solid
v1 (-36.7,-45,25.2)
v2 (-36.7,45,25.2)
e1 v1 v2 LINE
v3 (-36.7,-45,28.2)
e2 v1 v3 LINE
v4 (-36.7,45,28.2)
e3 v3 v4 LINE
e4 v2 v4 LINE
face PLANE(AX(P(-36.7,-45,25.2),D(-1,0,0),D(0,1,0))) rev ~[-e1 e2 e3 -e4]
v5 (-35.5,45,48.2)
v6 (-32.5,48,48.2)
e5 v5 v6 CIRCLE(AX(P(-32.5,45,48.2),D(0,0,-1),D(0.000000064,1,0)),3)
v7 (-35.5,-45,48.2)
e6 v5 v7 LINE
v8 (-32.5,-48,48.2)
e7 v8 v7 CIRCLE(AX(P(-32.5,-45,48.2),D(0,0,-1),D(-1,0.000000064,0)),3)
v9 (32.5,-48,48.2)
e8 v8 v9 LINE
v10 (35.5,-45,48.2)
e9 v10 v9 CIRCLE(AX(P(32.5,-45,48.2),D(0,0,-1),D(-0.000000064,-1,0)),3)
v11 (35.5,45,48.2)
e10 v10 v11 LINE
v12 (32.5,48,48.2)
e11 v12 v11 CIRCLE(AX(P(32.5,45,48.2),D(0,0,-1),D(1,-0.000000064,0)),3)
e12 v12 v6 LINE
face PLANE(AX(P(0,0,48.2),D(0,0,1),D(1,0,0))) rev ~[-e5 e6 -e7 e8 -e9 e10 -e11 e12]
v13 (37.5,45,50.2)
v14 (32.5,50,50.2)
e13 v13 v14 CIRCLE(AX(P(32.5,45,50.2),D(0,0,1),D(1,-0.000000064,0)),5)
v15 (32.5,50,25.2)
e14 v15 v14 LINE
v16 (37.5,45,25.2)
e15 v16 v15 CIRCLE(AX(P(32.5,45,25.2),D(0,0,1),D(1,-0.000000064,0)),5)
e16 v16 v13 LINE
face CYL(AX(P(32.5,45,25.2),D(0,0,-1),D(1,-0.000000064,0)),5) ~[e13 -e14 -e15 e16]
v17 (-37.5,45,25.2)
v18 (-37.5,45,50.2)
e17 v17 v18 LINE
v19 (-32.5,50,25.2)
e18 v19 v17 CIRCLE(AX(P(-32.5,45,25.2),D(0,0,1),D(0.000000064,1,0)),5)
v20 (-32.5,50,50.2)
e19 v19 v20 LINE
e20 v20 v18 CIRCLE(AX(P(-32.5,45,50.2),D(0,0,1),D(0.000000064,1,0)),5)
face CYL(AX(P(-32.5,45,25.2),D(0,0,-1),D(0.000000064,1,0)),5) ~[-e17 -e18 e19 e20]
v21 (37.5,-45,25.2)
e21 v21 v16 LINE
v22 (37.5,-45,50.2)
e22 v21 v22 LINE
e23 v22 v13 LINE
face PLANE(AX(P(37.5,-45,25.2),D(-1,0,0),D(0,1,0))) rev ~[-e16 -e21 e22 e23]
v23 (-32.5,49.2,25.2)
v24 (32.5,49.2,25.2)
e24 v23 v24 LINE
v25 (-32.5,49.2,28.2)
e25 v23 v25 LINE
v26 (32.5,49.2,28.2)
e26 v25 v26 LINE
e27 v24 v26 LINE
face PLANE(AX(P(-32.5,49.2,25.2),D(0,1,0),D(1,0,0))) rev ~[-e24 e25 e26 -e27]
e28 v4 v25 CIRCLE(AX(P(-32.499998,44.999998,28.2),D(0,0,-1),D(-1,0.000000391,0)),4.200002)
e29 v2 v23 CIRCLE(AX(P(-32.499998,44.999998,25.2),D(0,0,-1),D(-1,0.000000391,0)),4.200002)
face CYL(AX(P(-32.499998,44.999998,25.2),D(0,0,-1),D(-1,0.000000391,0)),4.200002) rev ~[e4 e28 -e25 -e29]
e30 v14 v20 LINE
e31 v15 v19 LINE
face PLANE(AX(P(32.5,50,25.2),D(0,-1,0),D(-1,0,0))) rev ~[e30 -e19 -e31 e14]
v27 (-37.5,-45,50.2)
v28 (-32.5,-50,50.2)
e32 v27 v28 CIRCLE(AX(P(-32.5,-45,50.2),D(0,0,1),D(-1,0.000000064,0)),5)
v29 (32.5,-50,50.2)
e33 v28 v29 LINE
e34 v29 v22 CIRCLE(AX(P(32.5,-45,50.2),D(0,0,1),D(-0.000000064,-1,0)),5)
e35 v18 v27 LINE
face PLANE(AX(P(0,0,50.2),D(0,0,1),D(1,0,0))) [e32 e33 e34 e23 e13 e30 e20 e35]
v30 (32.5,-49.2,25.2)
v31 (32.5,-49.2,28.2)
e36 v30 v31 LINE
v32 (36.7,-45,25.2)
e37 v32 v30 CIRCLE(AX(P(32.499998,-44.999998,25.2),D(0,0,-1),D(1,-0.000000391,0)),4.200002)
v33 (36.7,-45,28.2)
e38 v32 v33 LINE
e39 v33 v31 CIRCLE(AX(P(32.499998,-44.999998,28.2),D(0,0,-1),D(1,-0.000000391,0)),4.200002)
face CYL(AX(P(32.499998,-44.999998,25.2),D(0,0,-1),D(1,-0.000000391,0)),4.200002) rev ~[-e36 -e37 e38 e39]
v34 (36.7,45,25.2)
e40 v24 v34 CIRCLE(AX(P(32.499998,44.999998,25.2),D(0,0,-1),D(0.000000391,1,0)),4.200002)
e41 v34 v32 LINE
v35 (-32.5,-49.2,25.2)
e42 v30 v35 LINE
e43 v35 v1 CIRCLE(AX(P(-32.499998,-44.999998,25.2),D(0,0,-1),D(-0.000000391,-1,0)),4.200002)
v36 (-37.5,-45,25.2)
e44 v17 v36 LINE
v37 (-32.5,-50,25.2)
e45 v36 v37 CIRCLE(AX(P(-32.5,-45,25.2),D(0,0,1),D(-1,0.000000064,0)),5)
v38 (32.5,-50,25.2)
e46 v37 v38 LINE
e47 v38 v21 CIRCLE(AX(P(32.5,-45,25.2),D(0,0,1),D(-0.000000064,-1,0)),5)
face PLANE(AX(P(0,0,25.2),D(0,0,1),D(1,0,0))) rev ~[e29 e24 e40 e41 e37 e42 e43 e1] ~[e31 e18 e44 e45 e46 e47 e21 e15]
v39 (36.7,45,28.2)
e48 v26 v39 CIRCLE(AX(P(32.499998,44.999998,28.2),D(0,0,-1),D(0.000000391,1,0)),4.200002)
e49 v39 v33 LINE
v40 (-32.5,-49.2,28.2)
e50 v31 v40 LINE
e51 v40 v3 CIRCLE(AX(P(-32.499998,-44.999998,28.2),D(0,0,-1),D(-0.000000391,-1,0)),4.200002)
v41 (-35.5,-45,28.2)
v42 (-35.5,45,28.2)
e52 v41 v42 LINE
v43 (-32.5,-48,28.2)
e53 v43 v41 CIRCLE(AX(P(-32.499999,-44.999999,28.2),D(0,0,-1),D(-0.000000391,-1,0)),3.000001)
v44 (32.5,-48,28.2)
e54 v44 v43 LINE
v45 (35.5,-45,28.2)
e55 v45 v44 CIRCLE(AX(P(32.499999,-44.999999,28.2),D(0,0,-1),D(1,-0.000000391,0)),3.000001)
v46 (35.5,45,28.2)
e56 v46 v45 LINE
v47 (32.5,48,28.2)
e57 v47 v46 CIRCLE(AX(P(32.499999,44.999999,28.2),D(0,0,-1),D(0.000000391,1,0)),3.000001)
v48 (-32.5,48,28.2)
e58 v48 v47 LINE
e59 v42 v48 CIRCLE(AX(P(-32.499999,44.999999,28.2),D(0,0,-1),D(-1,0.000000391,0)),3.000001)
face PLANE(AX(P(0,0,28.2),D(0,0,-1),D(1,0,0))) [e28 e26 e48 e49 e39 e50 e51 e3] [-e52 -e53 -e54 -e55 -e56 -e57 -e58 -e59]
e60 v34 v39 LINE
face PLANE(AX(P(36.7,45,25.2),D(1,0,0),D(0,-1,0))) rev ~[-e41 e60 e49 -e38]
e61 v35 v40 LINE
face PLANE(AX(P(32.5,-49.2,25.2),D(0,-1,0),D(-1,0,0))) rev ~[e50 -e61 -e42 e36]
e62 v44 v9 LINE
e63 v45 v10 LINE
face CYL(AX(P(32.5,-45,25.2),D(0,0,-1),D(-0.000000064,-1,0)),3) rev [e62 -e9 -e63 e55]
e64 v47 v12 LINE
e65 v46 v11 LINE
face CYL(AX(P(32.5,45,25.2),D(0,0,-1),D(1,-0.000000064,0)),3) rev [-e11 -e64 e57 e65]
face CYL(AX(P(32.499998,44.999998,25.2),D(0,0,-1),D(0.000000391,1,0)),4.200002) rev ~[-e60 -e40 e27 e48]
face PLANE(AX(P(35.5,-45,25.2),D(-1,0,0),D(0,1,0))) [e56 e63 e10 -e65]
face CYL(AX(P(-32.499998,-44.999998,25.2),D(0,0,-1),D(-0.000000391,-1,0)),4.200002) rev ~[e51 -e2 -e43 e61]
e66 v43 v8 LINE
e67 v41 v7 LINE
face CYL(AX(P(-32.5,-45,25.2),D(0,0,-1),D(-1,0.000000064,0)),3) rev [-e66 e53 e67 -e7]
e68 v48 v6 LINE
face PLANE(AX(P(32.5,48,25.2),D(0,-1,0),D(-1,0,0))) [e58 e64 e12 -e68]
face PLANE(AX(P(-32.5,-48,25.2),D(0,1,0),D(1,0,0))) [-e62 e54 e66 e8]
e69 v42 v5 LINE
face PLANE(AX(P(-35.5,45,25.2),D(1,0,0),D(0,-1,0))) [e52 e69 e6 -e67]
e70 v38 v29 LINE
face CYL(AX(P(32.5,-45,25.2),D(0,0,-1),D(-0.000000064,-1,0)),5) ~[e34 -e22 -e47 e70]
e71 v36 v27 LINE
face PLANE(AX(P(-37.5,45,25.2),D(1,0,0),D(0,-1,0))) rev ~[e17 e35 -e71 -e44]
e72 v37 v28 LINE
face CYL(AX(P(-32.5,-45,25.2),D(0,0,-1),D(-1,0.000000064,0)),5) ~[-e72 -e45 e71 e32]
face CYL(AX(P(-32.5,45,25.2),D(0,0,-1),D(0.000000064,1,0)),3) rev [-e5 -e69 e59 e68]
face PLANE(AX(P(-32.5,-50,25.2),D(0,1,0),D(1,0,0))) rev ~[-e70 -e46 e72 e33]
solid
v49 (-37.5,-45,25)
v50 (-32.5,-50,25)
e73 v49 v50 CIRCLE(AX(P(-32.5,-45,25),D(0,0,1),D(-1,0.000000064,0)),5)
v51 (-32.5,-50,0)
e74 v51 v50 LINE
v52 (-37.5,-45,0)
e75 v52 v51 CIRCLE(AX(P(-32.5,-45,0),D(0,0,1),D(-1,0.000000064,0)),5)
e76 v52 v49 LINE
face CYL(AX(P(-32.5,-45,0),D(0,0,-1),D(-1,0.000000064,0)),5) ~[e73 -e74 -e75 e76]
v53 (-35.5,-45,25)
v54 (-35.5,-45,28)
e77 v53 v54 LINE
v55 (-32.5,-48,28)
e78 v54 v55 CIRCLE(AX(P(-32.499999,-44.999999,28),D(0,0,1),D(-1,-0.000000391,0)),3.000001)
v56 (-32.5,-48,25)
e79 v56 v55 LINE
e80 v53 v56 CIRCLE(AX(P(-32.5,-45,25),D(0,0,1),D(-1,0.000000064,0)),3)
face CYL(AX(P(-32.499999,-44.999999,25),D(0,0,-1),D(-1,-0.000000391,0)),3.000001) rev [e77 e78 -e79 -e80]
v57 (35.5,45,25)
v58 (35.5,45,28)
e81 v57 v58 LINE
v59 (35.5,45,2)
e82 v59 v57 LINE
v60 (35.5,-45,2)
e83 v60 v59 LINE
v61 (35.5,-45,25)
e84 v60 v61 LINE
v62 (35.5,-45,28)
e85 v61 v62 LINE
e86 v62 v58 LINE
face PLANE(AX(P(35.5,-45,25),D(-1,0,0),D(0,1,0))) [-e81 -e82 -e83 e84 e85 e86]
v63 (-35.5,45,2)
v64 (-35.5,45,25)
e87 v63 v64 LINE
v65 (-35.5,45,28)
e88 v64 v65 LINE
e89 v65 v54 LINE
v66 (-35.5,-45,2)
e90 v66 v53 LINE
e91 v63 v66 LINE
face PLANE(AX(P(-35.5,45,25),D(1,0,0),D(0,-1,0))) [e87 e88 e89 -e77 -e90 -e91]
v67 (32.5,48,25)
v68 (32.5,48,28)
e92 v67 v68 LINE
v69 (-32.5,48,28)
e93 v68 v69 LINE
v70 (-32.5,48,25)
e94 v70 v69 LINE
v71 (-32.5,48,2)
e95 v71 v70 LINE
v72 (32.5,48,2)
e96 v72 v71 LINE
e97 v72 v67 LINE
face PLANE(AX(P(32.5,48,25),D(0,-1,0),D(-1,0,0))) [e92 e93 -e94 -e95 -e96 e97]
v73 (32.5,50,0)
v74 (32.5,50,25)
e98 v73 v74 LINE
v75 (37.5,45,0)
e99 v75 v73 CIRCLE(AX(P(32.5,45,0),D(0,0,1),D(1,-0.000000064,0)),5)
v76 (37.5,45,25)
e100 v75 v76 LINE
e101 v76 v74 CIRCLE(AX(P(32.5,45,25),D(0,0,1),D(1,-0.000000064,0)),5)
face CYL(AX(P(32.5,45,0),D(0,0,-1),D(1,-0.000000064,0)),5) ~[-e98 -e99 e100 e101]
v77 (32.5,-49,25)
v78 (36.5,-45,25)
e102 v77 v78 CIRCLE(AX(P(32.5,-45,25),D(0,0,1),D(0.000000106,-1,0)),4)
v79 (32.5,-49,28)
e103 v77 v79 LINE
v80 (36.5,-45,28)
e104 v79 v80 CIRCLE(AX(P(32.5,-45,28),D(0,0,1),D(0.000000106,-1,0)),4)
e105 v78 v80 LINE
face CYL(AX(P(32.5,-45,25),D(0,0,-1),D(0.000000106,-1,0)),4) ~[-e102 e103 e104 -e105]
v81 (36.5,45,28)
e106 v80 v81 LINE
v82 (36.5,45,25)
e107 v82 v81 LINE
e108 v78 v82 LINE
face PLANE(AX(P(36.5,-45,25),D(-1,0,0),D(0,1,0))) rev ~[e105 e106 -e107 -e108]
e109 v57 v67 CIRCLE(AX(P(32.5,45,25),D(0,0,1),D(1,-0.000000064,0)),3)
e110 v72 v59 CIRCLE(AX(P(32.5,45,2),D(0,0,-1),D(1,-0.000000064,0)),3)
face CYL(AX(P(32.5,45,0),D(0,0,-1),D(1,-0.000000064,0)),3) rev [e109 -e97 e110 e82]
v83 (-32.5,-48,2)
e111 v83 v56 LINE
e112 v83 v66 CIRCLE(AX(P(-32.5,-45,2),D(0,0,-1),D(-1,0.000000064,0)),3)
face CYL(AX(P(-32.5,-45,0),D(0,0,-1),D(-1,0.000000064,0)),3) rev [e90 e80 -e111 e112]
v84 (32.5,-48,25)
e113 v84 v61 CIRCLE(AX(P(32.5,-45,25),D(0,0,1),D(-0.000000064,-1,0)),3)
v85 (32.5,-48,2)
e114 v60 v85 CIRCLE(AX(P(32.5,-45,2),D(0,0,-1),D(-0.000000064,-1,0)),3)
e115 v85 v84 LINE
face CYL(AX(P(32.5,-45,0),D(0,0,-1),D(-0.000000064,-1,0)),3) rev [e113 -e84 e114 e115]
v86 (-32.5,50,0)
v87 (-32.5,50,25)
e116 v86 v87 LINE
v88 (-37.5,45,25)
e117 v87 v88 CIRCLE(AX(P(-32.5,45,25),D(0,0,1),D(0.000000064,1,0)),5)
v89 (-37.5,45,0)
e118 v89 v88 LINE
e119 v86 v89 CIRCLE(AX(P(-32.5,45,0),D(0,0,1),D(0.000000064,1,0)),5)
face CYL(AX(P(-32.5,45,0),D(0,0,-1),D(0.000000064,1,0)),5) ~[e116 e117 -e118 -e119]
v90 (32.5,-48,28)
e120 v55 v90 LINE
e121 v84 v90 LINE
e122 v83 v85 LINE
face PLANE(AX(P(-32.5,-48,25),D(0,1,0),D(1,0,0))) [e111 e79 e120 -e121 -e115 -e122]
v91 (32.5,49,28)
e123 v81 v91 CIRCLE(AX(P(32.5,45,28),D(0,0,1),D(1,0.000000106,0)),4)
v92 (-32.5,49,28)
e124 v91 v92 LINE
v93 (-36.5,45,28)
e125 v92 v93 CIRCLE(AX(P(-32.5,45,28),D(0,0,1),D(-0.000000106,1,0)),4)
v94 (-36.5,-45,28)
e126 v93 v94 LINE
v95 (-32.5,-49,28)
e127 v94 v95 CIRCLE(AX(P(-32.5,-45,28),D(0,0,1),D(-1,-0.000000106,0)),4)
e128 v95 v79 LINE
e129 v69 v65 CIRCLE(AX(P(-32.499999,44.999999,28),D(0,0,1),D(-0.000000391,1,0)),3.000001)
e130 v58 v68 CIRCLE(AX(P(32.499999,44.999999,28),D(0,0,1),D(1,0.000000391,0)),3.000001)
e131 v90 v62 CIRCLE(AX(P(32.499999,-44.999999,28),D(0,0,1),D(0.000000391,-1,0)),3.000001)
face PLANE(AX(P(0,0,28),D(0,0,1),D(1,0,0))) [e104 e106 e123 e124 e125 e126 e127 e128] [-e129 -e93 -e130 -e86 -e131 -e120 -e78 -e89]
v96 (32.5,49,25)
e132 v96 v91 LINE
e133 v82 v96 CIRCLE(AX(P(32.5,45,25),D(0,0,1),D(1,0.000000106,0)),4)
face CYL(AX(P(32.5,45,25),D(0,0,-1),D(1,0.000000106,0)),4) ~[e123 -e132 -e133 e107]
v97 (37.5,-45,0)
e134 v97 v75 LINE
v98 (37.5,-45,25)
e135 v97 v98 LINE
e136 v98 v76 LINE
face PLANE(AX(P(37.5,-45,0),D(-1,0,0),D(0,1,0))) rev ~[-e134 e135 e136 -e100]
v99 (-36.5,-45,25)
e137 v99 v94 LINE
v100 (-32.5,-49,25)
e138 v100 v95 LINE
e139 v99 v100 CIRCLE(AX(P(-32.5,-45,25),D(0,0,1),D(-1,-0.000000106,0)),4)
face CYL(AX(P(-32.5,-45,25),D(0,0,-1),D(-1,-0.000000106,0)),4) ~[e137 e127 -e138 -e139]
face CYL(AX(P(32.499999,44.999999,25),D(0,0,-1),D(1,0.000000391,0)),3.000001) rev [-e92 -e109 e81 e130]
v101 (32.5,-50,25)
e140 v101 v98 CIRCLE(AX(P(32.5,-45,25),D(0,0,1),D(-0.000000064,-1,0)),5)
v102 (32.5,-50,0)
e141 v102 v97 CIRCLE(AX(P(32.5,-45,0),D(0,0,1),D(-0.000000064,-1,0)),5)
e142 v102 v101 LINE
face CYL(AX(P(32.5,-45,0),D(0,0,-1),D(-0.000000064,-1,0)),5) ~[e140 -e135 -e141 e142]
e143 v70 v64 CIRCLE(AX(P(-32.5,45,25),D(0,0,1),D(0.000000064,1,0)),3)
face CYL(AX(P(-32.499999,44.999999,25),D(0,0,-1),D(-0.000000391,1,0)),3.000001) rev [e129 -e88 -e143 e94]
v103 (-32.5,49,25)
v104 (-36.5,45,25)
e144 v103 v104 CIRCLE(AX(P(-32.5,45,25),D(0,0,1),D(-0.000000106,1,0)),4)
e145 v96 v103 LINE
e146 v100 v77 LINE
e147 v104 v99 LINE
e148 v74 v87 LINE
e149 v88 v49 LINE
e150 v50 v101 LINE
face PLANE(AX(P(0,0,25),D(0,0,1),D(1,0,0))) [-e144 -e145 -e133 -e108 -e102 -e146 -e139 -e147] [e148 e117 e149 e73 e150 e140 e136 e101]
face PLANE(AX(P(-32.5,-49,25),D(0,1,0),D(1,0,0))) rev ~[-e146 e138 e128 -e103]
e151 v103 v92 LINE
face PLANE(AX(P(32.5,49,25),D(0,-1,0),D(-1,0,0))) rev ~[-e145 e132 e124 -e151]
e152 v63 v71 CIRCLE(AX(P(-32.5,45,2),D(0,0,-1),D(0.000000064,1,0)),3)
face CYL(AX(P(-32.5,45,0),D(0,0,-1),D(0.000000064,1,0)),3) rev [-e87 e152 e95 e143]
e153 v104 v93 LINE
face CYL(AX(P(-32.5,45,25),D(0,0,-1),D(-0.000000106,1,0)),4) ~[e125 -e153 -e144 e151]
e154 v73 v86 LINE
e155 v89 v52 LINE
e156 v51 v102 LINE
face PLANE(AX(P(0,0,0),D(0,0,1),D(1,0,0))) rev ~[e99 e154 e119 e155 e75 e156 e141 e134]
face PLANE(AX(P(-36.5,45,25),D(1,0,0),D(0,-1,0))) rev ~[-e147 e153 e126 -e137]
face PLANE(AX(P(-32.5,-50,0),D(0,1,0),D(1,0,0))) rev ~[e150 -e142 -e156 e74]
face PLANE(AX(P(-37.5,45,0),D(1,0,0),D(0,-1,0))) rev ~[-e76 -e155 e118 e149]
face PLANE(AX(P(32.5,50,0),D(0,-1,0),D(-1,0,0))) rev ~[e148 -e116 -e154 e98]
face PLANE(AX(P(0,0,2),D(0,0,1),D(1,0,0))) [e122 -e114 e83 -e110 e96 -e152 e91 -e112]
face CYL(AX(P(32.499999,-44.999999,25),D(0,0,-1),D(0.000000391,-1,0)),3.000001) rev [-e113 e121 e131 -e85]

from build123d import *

# Parameters (mm, degrees)
PAD_DEPTH      = 25
THICKNESS_T    = -2
PAD001_DEPTH   = 3
PAD002_DEPTH   = 25
THICKNESS001_T = -2
POCKET_DEPTH   = 3


with BuildPart() as base:
    # Sketch → Pad (new body)
    with BuildSketch(Plane.XY):
        with BuildLine():
            Line((37.5, -45), (37.5, 45))
            ThreePointArc((37.5, 45), (36.035534, 48.535534), (32.5, 50))
            Line((32.5, 50), (-32.5, 50))
            ThreePointArc((-32.5, 50), (-36.035534, 48.535534), (-37.5, 45))
            Line((-37.5, 45), (-37.5, -45))
            ThreePointArc((-37.5, -45), (-36.035534, -48.535534), (-32.5, -50))
            Line((-32.5, -50), (32.5, -50))
            ThreePointArc((32.5, -50), (36.035534, -48.535534), (37.5, -45))
        make_face()
    extrude(amount=PAD_DEPTH)

    # Thickness
    thickness_openings = [base.faces().sort_by_distance(p)[0] for p in [
        (0, 0, 25),
    ]]
    offset(amount=THICKNESS_T, openings=thickness_openings)

    # Sketch002 (on Face10 of Thickness) → Pad001 (join)
    with BuildSketch(Plane.XY.offset(25)):
        with BuildLine():
            Line((36.5, -45), (36.5, 45))
            ThreePointArc((36.5, 45), (35.328427, 47.828427), (32.5, 49))
            Line((32.5, 49), (-32.5, 49))
            ThreePointArc((-32.5, 49), (-35.328427, 47.828427), (-36.5, 45))
            Line((-36.5, 45), (-36.5, -45))
            ThreePointArc((-36.5, -45), (-35.328427, -47.828427), (-32.5, -49))
            Line((-32.5, -49), (32.5, -49))
            ThreePointArc((32.5, -49), (35.328427, -47.828427), (36.5, -45))
        make_face()
        with BuildLine():
            Line((35.5, -45), (35.5, 45))
            ThreePointArc((35.5, 45), (34.62132, 47.12132), (32.5, 48))
            Line((32.5, 48), (-32.5, 48))
            ThreePointArc((-32.5, 48), (-34.62132, 47.12132), (-35.5, 45))
            Line((-35.5, 45), (-35.5, -45))
            ThreePointArc((-35.5, -45), (-34.62132, -47.12132), (-32.5, -48))
            Line((-32.5, -48), (32.5, -48))
            ThreePointArc((32.5, -48), (34.62132, -47.12132), (35.5, -45))
        make_face(mode=Mode.SUBTRACT)
    extrude(amount=PAD001_DEPTH)


with BuildPart() as lid:
    # Sketch003 → Pad002 (new body)
    with BuildSketch(Plane.XY.offset(25.2)):
        with BuildLine():
            Line((37.5, -45), (37.5, 45))
            ThreePointArc((37.5, 45), (36.035534, 48.535534), (32.5, 50))
            Line((32.5, 50), (-32.5, 50))
            ThreePointArc((-32.5, 50), (-36.035534, 48.535534), (-37.5, 45))
            Line((-37.5, 45), (-37.5, -45))
            ThreePointArc((-37.5, -45), (-36.035534, -48.535534), (-32.5, -50))
            Line((-32.5, -50), (32.5, -50))
            ThreePointArc((32.5, -50), (36.035534, -48.535534), (37.5, -45))
        make_face()
    extrude(amount=PAD002_DEPTH)

    # Thickness001
    thickness001_openings = [lid.faces().sort_by_distance(p)[0] for p in [
        (0, 0, 25.2),
    ]]
    offset(amount=THICKNESS001_T, openings=thickness001_openings)

    # Sketch005 (on Face10 of Thickness001) → Pocket (cut)
    with BuildSketch(Plane(origin=(0, 0, 25.2), x_dir=(1, 0, 0), z_dir=(0, 0, -1))):
        with BuildLine():
            Line((-36.7, 45), (-36.7, -45))
            ThreePointArc((-36.7, -45), (-35.469848, -47.969848), (-32.5, -49.2))
            Line((-32.5, -49.2), (32.5, -49.2))
            ThreePointArc((32.5, -49.2), (35.469848, -47.969848), (36.7, -45))
            Line((36.7, -45), (36.7, 45))
            ThreePointArc((36.7, 45), (35.469848, 47.969848), (32.5, 49.2))
            Line((32.5, 49.2), (-32.5, 49.2))
            ThreePointArc((-32.5, 49.2), (-35.469848, 47.969848), (-36.7, 45))
        make_face()
        with BuildLine():
            Line((-35.5, 45), (-35.5, -45))
            ThreePointArc((-35.5, -45), (-34.62132, -47.12132), (-32.5, -48))
            Line((-32.5, -48), (32.5, -48))
            ThreePointArc((32.5, -48), (34.62132, -47.12132), (35.5, -45))
            Line((35.5, -45), (35.5, 45))
            ThreePointArc((35.5, 45), (34.62132, 47.12132), (32.5, 48))
            Line((32.5, 48), (-32.5, 48))
            ThreePointArc((-32.5, 48), (-34.62132, 47.12132), (-35.5, 45))
        make_face(mode=Mode.SUBTRACT)
    extrude(amount=-POCKET_DEPTH, mode=Mode.SUBTRACT)


solid = Compound([base.part, lid.part])
